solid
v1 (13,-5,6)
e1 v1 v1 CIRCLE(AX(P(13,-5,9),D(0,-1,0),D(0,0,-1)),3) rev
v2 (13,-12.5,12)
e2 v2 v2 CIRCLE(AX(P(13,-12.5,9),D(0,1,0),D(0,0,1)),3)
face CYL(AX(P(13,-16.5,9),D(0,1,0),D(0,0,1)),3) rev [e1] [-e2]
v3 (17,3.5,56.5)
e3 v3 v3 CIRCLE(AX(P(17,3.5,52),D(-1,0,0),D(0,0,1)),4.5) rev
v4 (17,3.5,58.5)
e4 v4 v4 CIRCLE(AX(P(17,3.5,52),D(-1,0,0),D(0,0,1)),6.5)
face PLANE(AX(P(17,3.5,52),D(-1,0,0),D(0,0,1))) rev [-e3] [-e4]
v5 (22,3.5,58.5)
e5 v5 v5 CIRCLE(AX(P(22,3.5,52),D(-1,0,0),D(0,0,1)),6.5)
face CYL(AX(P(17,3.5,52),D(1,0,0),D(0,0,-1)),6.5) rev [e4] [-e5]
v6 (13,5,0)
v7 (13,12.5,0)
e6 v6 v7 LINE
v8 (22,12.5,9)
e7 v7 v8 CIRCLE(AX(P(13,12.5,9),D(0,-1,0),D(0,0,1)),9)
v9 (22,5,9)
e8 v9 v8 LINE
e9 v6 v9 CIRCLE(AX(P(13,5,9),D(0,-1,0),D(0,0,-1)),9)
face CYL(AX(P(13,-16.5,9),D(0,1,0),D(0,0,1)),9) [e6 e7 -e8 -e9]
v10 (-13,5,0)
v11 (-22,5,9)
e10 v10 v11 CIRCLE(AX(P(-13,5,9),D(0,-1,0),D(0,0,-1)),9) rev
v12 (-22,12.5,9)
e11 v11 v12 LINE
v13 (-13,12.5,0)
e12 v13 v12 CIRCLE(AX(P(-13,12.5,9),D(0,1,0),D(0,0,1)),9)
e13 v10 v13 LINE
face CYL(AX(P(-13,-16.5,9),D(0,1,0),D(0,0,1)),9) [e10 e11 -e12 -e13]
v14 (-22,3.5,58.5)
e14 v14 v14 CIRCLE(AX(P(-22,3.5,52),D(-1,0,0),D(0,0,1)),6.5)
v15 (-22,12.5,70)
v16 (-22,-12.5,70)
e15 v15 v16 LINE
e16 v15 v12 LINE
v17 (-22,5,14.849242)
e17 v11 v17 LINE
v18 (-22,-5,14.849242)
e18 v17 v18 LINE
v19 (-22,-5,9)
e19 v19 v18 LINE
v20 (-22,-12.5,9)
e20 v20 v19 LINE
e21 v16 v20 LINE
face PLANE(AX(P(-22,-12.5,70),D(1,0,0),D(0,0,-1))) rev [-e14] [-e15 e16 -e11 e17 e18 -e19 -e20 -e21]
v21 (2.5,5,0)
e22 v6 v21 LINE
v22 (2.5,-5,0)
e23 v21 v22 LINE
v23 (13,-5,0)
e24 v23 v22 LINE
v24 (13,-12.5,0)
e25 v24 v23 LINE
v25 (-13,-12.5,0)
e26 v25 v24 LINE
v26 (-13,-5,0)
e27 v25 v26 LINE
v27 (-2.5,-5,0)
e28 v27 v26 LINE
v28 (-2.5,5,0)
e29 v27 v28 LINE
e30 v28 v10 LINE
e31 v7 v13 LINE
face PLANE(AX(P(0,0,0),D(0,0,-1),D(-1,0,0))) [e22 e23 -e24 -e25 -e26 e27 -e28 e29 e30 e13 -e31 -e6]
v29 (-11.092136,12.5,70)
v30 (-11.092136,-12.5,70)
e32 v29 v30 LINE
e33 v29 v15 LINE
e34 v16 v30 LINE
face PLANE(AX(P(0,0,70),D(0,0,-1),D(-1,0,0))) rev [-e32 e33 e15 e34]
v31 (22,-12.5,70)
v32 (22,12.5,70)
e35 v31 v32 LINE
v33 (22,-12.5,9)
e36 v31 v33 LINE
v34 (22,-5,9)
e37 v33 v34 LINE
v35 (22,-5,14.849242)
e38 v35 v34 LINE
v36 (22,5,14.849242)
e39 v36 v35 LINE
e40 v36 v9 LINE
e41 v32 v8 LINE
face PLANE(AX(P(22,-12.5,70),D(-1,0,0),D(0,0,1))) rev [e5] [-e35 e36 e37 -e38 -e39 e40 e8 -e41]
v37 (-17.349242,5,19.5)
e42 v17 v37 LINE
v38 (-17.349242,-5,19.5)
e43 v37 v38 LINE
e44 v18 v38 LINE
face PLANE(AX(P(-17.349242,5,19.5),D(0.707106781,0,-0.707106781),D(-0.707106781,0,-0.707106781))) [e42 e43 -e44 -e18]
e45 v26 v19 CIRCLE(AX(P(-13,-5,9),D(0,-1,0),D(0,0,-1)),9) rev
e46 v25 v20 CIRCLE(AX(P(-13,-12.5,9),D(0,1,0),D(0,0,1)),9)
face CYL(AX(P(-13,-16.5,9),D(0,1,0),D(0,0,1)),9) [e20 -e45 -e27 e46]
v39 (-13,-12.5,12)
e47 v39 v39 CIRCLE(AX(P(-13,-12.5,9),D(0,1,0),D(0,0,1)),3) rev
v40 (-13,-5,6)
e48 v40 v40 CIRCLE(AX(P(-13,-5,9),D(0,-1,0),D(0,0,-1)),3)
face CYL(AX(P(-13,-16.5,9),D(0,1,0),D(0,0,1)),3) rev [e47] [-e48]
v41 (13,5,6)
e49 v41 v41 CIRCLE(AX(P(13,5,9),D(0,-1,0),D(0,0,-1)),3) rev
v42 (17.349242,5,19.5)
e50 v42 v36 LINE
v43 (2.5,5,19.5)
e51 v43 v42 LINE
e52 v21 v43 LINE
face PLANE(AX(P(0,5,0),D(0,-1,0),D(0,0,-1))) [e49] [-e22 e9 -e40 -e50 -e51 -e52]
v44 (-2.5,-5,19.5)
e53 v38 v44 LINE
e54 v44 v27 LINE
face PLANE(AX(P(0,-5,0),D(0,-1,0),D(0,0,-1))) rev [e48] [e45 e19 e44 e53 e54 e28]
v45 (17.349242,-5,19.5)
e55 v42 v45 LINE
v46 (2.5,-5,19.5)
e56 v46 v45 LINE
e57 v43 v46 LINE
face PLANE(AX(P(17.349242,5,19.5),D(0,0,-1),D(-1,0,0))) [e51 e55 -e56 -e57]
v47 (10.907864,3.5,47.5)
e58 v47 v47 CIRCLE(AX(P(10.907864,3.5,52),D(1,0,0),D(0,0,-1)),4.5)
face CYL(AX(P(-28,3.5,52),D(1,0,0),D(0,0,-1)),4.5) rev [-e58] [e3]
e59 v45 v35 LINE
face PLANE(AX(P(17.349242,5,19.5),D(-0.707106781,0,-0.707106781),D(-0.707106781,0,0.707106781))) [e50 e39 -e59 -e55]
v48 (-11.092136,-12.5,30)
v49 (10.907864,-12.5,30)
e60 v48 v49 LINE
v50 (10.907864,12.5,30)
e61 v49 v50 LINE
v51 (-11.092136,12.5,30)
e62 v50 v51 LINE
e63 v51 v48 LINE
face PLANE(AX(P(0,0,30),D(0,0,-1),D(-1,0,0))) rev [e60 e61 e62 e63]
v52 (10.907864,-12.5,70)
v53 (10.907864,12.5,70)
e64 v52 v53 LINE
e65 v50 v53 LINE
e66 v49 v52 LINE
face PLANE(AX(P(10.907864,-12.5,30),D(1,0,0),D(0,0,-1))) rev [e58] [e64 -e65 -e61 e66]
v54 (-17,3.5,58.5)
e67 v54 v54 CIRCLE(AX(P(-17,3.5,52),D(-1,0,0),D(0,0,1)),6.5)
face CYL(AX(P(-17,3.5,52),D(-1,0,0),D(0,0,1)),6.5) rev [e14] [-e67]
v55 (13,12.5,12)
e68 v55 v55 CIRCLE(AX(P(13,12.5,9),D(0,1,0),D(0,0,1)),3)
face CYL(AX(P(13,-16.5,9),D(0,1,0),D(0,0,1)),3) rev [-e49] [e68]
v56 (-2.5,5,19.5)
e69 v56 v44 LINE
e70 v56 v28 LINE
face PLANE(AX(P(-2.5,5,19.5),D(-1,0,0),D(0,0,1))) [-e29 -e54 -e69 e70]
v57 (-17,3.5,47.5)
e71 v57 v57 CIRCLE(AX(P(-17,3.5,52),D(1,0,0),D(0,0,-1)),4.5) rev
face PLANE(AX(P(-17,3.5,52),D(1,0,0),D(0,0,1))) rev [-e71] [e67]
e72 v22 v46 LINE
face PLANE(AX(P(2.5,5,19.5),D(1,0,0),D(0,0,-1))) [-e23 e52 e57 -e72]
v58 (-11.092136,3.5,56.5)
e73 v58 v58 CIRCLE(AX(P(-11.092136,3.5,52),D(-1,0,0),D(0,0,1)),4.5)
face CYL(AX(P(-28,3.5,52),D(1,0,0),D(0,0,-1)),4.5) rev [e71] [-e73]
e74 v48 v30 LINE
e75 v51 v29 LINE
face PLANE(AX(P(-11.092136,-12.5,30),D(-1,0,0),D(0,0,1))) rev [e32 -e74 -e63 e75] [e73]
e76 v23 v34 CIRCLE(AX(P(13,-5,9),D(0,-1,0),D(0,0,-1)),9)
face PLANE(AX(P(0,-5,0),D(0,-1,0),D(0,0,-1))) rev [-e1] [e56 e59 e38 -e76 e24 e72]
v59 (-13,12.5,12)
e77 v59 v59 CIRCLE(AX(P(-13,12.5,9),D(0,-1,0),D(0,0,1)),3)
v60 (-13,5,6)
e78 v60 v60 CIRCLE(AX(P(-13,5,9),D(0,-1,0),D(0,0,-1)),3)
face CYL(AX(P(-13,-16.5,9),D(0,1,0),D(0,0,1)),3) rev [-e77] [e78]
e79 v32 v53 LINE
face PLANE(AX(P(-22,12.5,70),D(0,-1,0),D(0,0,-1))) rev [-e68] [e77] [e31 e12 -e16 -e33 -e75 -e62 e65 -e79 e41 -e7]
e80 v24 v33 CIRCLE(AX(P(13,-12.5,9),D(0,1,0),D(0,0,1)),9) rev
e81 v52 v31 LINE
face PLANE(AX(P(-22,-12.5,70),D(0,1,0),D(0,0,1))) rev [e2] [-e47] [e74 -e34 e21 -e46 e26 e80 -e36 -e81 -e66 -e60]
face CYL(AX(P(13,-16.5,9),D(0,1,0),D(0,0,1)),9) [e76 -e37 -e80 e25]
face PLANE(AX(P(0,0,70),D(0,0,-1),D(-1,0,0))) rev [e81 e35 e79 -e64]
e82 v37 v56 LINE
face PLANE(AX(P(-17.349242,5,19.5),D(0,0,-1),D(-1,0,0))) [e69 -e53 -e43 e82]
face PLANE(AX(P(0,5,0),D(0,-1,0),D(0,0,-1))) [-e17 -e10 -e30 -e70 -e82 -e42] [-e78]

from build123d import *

# Parameters (mm, degrees)
SKETCH_1_W               = 44
SKETCH_1_H               = 25
EXTRUDE_1_DEPTH          = 70
SKETCH_2_W               = 22
SKETCH_2_H               = 25
CUT_EXTRUDE_1_DEPTH      = 40
SKETCH_3_R               = 4.5
CUT_EXTRUDE_2_DEPTH      = 50
SKETCH_4_R               = 6.5
CUT_EXTRUDE_4_DEPTH      = 5
SKETCH_5_R               = 3
CUT_EXTRUDE_5_DEPTH      = 29
CUT_EXTRUDE_6_DEPTH      = 5
CUT_EXTRUDE_6_DEPTH_BACK = 5


with BuildPart() as part:
    # 스케치1 → 보스-돌출1 (new body)
    with BuildSketch(Plane.XY):
        Rectangle(SKETCH_1_W, SKETCH_1_H)
    extrude(amount=EXTRUDE_1_DEPTH)

    # 스케치2 → 컷-돌출1 (cut)
    with BuildSketch(Plane.XY.offset(70)):
        with Locations((-0.092136373, 0)):
            Rectangle(SKETCH_2_W, SKETCH_2_H)
    extrude(amount=-CUT_EXTRUDE_1_DEPTH, mode=Mode.SUBTRACT)

    # 스케치3 → 컷-돌출2 (cut)
    with BuildSketch(Plane(origin=(22, 0, 0), x_dir=(0, 0, -1), z_dir=(1, 0, 0))):
        with Locations((-52, 3.5)):
            Circle(SKETCH_3_R)
    extrude(amount=-CUT_EXTRUDE_2_DEPTH, mode=Mode.SUBTRACT)

    # 스케치4 → 컷-돌출4 (cut)
    with BuildSketch(Plane.ZY.offset(-22)):
        with Locations((52, 3.5)):
            Circle(SKETCH_4_R)
    cut_extrude_4 = extrude(amount=CUT_EXTRUDE_4_DEPTH, mode=Mode.SUBTRACT)

    # 스케치5 → 컷-돌출5 (cut)
    with BuildSketch(Plane(origin=(0, 12.5, 0), x_dir=(1, 0, 0), z_dir=(0, 1, 0))):
        with Locations((13, -9)):
            Circle(SKETCH_5_R)
        with BuildLine():
            Line((13, 12.355747981), (13, 0))
            ThreePointArc((13, 0), (19.363961031, -2.636038969), (22, -9))
            Line((22, -9), (34.355747981, -9))
            ThreePointArc((34.355747981, -9), (28.100794214, 6.100794214), (13, 12.355747981))
        make_face()
    cut_extrude_5 = extrude(amount=-CUT_EXTRUDE_5_DEPTH, mode=Mode.SUBTRACT)

    # 대칭 복사2: 컷-돌출4, 컷-돌출5 across plane
    add(cut_extrude_4.mirror(Plane(origin=(0, 0, 0), x_dir=(0, 0, 1), z_dir=(1, 0, 0))), mode=Mode.SUBTRACT)
    add(cut_extrude_5.mirror(Plane(origin=(0, 0, 0), x_dir=(0, 0, 1), z_dir=(1, 0, 0))), mode=Mode.SUBTRACT)

    # 스케치6 → 컷-돌출6 (cut, two sides: drawn at the far end of the back side and taken through both)
    with BuildSketch(Plane(origin=(0, 0, 0), x_dir=(1, 0, 0), z_dir=(0, 1, 0)).offset(-CUT_EXTRUDE_6_DEPTH_BACK)):
        Polygon((2.5, -19.5), (2.5, 5.258137662), (22, 5.258137662), (22, -14.849242405), (17.349242405, -19.5), align=None)
        Polygon((-22, -14.849242405), (-22, 5.258137662), (-2.5, 5.258137662), (-2.5, -19.5), (-17.349242405, -19.5), align=None)
    extrude(amount=CUT_EXTRUDE_6_DEPTH + CUT_EXTRUDE_6_DEPTH_BACK, mode=Mode.SUBTRACT)


solid = part.part
